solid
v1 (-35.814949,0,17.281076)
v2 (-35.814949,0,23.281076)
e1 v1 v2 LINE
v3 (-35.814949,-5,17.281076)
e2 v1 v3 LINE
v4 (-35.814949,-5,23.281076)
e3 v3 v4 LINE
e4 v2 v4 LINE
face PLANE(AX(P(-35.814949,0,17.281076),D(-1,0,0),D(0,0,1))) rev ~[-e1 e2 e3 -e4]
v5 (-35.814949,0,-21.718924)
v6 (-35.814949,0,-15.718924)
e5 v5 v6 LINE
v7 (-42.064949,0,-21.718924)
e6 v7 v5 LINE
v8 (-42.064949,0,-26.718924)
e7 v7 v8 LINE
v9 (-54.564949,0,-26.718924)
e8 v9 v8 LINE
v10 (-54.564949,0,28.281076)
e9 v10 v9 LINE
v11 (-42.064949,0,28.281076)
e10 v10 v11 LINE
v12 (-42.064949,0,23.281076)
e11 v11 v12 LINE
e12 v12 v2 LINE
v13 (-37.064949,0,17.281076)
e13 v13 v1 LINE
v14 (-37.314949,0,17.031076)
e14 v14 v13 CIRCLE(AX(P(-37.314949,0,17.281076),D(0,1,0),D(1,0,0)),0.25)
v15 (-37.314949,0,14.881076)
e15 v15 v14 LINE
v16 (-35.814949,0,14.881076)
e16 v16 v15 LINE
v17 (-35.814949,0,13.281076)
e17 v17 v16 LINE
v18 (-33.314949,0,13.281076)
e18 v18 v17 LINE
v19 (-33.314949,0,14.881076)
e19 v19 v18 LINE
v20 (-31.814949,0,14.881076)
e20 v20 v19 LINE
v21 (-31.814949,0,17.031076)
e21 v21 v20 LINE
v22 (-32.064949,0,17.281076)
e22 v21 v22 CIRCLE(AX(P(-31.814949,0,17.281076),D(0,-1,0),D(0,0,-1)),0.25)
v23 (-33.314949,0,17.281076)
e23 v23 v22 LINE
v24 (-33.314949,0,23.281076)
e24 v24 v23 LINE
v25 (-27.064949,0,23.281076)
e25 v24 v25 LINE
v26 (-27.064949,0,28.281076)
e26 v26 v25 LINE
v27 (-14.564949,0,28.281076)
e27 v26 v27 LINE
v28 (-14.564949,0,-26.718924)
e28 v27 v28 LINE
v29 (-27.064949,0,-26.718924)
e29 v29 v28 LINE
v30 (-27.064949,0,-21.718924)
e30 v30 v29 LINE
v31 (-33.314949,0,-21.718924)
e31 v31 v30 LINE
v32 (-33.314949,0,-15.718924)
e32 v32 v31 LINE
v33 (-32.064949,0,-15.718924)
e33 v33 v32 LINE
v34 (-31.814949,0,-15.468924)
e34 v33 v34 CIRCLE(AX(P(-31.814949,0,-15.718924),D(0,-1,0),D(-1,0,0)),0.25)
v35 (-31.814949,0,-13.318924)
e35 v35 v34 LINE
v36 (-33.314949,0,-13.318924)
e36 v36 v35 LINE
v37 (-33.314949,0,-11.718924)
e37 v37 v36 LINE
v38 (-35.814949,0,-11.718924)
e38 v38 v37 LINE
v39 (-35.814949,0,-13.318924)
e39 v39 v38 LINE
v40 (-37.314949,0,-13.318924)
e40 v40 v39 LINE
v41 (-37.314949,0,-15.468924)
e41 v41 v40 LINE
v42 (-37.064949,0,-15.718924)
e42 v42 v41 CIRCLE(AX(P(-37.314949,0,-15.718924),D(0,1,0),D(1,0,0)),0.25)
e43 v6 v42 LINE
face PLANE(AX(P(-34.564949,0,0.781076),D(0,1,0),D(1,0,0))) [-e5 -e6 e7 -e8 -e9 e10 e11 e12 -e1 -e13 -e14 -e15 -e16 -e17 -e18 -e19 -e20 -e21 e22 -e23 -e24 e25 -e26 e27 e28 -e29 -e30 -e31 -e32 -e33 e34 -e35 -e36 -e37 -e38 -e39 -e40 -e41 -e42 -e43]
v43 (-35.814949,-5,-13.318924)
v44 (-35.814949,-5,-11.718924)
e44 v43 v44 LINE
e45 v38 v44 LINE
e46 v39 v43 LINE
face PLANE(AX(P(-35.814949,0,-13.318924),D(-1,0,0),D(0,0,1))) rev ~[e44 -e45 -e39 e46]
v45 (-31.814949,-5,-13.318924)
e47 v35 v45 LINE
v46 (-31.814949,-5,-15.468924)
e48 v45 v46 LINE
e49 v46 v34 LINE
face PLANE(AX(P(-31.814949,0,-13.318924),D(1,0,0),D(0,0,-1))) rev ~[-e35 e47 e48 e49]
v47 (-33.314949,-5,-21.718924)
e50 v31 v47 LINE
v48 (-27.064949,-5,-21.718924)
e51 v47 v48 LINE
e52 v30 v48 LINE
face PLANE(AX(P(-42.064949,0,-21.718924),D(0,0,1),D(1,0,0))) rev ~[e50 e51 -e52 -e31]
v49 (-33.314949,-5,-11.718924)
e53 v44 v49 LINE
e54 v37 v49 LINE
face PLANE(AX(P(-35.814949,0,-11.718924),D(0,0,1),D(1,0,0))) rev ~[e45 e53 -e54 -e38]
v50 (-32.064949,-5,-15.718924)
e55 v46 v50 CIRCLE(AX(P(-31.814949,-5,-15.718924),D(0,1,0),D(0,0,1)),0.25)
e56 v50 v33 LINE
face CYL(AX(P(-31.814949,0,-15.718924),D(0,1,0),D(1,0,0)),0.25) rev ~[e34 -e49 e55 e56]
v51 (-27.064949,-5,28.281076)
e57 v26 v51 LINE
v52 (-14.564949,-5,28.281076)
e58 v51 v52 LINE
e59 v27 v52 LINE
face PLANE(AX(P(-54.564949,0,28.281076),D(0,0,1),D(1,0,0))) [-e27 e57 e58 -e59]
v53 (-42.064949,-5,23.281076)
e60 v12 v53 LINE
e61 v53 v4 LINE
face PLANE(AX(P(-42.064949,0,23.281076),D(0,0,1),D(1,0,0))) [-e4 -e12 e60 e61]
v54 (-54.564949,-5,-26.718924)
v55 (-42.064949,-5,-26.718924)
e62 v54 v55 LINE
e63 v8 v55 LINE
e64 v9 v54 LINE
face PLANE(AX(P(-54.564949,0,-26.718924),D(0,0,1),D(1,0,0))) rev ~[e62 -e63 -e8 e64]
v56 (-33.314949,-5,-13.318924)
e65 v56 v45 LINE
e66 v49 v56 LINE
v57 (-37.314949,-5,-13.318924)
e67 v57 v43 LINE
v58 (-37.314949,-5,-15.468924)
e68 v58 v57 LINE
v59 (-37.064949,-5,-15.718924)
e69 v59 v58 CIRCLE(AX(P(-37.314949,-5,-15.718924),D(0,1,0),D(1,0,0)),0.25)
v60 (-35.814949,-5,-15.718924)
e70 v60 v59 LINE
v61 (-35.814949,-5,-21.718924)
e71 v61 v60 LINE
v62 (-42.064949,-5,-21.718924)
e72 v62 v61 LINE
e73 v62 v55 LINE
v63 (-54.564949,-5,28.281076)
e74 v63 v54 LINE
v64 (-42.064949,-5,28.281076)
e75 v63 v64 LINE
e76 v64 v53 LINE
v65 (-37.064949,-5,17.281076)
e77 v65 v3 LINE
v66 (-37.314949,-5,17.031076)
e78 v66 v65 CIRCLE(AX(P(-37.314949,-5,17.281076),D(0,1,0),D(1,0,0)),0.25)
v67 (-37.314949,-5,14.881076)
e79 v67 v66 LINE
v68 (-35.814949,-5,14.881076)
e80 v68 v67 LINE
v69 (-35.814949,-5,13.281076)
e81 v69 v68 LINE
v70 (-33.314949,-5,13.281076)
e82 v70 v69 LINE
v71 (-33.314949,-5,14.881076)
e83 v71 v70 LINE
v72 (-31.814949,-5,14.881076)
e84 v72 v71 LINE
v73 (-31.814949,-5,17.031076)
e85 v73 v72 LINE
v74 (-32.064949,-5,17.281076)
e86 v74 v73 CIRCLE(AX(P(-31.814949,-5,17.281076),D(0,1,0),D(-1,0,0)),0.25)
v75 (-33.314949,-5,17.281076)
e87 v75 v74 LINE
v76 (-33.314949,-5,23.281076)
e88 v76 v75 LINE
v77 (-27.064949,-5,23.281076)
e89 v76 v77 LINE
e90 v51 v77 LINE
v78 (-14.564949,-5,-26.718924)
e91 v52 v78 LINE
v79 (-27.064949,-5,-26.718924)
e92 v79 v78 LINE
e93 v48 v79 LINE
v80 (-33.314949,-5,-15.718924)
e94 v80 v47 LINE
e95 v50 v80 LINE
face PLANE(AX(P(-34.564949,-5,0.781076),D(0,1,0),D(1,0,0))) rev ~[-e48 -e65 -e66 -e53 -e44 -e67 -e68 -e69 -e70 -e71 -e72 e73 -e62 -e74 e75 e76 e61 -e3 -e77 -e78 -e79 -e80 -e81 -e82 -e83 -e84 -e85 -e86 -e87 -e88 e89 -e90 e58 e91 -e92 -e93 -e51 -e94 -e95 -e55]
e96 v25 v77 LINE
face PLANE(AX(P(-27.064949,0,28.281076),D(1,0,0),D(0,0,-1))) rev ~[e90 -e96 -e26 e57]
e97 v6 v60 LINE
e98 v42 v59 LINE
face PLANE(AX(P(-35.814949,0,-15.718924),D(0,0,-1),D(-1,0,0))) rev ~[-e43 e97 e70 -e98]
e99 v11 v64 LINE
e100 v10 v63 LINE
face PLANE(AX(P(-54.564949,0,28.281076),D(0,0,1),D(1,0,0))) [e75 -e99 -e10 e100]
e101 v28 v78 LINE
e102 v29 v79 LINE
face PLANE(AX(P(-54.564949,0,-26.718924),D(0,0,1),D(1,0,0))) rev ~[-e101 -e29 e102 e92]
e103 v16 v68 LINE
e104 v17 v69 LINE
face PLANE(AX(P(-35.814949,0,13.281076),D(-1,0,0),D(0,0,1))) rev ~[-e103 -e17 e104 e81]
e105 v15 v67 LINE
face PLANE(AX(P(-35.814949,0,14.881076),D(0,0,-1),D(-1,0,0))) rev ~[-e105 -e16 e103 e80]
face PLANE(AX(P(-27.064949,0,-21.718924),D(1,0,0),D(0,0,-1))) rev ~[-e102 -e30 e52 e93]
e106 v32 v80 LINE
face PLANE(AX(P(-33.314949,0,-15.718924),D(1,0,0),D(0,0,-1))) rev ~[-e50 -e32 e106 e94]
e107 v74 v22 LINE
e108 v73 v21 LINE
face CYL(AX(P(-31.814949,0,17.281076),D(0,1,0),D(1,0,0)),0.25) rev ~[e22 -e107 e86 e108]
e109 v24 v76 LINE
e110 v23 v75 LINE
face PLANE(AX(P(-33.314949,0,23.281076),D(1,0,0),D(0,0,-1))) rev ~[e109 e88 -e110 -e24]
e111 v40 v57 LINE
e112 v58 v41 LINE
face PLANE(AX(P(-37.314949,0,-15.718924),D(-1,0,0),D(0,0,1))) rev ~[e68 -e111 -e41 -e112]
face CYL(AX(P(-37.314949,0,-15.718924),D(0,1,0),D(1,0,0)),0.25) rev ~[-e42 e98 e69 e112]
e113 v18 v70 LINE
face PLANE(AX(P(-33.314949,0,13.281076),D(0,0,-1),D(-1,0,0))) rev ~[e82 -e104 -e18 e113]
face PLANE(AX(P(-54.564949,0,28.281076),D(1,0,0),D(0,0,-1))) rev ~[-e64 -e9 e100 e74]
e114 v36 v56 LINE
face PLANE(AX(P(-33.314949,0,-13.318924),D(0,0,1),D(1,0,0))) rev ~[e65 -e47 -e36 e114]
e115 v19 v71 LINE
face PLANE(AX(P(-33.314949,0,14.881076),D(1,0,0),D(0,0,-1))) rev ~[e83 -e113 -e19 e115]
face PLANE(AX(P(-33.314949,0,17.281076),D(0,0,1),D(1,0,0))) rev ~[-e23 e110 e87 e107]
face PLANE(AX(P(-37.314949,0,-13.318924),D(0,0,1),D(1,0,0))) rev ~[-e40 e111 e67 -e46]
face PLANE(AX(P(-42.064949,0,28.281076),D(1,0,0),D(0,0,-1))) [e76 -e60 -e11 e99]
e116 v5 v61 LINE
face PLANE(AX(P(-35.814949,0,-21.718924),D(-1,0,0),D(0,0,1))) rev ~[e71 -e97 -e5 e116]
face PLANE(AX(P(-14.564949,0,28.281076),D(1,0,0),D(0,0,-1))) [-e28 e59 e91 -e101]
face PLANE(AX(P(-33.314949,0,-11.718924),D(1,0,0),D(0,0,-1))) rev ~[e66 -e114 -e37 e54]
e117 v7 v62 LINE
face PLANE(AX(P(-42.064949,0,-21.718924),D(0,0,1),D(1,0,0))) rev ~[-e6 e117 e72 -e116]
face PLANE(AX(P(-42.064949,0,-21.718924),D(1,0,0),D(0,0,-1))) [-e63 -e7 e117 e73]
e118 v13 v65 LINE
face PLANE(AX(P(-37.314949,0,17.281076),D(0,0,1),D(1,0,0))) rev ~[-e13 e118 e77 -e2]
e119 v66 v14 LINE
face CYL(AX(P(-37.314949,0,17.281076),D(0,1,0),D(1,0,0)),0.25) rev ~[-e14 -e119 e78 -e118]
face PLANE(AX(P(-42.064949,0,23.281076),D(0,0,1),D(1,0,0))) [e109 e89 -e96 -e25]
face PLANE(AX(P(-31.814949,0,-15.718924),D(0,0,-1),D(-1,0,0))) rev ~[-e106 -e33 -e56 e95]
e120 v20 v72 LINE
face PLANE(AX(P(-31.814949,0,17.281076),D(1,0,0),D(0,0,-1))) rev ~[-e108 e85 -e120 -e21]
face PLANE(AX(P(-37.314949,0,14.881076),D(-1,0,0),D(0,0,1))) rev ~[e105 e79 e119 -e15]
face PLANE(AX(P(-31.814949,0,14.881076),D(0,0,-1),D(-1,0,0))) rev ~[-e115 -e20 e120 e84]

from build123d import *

# Parameters (mm, degrees)
SCHIZZO1_W                   = 40
SCHIZZO1_H                   = 55
ESTRUSIONE_ESTRUSIONE2_DEPTH = 5
SCHIZZO2_W                   = 15
SCHIZZO2_H                   = 5
TAGLIO_ESTRUSIONE1_DEPTH     = 6
TAGLIO_ESTRUSIONE3_DEPTH     = 6
SCHIZZO4_R                   = 0.25
TAGLIO_ESTRUSIONE4_DEPTH     = 10


with BuildPart() as part:
    # Schizzo1 → Estrusione-Estrusione2 (new body)
    with BuildSketch(Plane(origin=(0, 0, 0), x_dir=(1, 0, 0), z_dir=(0, 1, 0))):
        with Locations((-34.56494914, -0.781075862)):
            Rectangle(SCHIZZO1_W, SCHIZZO1_H)
    extrude(amount=-ESTRUSIONE_ESTRUSIONE2_DEPTH)

    # Schizzo2 → Taglio-Estrusione1 (cut, through all)
    with BuildSketch(Plane(origin=(0, 0, 0), x_dir=(1, 0, 0), z_dir=(0, 1, 0))):
        with Locations((-34.56494914, -25.781075862)):
            Rectangle(SCHIZZO2_W, SCHIZZO2_H)
        with Locations((-34.56494914, 24.218924138)):
            Rectangle(SCHIZZO2_W, SCHIZZO2_H)
    extrude(amount=-TAGLIO_ESTRUSIONE1_DEPTH, mode=Mode.SUBTRACT)

    # Schizzo3 → Taglio-Estrusione3 (cut, through all)
    with BuildSketch(Plane(origin=(0, 0, 0), x_dir=(1, 0, 0), z_dir=(0, 1, 0))):
        Polygon((-35.81494914, -23.281075862), (-33.31494914, -23.281075862), (-33.31494914, -17.281075862), (-31.81494914, -17.281075862), (-31.81494914, -14.881075862), (-33.31494914, -14.881075862), (-33.31494914, -13.281075862), (-35.81494914, -13.281075862), (-35.81494914, -14.881075862), (-37.31494914, -14.881075862), (-37.31494914, -17.281075862), (-35.81494914, -17.281075862), align=None)
        Polygon((-35.81494914, 11.718924138), (-33.31494914, 11.718924138), (-33.31494914, 13.318924138), (-31.81494914, 13.318924138), (-31.81494914, 15.718924138), (-33.31494914, 15.718924138), (-33.31494914, 21.718924138), (-35.81494914, 21.718924138), (-35.81494914, 15.718924138), (-37.31494914, 15.718924138), (-37.31494914, 13.318924138), (-35.81494914, 13.318924138), align=None)
    extrude(amount=-TAGLIO_ESTRUSIONE3_DEPTH, mode=Mode.SUBTRACT)

    # Schizzo4 → Taglio-Estrusione4 (cut)
    with BuildSketch(Plane(origin=(0, 0, 0), x_dir=(1, 0, 0), z_dir=(0, 1, 0))):
        with Locations((-37.31494914, -17.281075862)):
            Circle(SCHIZZO4_R)
        with Locations((-31.81494914, -17.281075862)):
            Circle(SCHIZZO4_R)
        with Locations((-37.31494914, 15.718924138)):
            Circle(SCHIZZO4_R)
        with Locations((-31.81494914, 15.718924138)):
            Circle(SCHIZZO4_R)
    extrude(amount=-TAGLIO_ESTRUSIONE4_DEPTH, mode=Mode.SUBTRACT)


solid = part.part
